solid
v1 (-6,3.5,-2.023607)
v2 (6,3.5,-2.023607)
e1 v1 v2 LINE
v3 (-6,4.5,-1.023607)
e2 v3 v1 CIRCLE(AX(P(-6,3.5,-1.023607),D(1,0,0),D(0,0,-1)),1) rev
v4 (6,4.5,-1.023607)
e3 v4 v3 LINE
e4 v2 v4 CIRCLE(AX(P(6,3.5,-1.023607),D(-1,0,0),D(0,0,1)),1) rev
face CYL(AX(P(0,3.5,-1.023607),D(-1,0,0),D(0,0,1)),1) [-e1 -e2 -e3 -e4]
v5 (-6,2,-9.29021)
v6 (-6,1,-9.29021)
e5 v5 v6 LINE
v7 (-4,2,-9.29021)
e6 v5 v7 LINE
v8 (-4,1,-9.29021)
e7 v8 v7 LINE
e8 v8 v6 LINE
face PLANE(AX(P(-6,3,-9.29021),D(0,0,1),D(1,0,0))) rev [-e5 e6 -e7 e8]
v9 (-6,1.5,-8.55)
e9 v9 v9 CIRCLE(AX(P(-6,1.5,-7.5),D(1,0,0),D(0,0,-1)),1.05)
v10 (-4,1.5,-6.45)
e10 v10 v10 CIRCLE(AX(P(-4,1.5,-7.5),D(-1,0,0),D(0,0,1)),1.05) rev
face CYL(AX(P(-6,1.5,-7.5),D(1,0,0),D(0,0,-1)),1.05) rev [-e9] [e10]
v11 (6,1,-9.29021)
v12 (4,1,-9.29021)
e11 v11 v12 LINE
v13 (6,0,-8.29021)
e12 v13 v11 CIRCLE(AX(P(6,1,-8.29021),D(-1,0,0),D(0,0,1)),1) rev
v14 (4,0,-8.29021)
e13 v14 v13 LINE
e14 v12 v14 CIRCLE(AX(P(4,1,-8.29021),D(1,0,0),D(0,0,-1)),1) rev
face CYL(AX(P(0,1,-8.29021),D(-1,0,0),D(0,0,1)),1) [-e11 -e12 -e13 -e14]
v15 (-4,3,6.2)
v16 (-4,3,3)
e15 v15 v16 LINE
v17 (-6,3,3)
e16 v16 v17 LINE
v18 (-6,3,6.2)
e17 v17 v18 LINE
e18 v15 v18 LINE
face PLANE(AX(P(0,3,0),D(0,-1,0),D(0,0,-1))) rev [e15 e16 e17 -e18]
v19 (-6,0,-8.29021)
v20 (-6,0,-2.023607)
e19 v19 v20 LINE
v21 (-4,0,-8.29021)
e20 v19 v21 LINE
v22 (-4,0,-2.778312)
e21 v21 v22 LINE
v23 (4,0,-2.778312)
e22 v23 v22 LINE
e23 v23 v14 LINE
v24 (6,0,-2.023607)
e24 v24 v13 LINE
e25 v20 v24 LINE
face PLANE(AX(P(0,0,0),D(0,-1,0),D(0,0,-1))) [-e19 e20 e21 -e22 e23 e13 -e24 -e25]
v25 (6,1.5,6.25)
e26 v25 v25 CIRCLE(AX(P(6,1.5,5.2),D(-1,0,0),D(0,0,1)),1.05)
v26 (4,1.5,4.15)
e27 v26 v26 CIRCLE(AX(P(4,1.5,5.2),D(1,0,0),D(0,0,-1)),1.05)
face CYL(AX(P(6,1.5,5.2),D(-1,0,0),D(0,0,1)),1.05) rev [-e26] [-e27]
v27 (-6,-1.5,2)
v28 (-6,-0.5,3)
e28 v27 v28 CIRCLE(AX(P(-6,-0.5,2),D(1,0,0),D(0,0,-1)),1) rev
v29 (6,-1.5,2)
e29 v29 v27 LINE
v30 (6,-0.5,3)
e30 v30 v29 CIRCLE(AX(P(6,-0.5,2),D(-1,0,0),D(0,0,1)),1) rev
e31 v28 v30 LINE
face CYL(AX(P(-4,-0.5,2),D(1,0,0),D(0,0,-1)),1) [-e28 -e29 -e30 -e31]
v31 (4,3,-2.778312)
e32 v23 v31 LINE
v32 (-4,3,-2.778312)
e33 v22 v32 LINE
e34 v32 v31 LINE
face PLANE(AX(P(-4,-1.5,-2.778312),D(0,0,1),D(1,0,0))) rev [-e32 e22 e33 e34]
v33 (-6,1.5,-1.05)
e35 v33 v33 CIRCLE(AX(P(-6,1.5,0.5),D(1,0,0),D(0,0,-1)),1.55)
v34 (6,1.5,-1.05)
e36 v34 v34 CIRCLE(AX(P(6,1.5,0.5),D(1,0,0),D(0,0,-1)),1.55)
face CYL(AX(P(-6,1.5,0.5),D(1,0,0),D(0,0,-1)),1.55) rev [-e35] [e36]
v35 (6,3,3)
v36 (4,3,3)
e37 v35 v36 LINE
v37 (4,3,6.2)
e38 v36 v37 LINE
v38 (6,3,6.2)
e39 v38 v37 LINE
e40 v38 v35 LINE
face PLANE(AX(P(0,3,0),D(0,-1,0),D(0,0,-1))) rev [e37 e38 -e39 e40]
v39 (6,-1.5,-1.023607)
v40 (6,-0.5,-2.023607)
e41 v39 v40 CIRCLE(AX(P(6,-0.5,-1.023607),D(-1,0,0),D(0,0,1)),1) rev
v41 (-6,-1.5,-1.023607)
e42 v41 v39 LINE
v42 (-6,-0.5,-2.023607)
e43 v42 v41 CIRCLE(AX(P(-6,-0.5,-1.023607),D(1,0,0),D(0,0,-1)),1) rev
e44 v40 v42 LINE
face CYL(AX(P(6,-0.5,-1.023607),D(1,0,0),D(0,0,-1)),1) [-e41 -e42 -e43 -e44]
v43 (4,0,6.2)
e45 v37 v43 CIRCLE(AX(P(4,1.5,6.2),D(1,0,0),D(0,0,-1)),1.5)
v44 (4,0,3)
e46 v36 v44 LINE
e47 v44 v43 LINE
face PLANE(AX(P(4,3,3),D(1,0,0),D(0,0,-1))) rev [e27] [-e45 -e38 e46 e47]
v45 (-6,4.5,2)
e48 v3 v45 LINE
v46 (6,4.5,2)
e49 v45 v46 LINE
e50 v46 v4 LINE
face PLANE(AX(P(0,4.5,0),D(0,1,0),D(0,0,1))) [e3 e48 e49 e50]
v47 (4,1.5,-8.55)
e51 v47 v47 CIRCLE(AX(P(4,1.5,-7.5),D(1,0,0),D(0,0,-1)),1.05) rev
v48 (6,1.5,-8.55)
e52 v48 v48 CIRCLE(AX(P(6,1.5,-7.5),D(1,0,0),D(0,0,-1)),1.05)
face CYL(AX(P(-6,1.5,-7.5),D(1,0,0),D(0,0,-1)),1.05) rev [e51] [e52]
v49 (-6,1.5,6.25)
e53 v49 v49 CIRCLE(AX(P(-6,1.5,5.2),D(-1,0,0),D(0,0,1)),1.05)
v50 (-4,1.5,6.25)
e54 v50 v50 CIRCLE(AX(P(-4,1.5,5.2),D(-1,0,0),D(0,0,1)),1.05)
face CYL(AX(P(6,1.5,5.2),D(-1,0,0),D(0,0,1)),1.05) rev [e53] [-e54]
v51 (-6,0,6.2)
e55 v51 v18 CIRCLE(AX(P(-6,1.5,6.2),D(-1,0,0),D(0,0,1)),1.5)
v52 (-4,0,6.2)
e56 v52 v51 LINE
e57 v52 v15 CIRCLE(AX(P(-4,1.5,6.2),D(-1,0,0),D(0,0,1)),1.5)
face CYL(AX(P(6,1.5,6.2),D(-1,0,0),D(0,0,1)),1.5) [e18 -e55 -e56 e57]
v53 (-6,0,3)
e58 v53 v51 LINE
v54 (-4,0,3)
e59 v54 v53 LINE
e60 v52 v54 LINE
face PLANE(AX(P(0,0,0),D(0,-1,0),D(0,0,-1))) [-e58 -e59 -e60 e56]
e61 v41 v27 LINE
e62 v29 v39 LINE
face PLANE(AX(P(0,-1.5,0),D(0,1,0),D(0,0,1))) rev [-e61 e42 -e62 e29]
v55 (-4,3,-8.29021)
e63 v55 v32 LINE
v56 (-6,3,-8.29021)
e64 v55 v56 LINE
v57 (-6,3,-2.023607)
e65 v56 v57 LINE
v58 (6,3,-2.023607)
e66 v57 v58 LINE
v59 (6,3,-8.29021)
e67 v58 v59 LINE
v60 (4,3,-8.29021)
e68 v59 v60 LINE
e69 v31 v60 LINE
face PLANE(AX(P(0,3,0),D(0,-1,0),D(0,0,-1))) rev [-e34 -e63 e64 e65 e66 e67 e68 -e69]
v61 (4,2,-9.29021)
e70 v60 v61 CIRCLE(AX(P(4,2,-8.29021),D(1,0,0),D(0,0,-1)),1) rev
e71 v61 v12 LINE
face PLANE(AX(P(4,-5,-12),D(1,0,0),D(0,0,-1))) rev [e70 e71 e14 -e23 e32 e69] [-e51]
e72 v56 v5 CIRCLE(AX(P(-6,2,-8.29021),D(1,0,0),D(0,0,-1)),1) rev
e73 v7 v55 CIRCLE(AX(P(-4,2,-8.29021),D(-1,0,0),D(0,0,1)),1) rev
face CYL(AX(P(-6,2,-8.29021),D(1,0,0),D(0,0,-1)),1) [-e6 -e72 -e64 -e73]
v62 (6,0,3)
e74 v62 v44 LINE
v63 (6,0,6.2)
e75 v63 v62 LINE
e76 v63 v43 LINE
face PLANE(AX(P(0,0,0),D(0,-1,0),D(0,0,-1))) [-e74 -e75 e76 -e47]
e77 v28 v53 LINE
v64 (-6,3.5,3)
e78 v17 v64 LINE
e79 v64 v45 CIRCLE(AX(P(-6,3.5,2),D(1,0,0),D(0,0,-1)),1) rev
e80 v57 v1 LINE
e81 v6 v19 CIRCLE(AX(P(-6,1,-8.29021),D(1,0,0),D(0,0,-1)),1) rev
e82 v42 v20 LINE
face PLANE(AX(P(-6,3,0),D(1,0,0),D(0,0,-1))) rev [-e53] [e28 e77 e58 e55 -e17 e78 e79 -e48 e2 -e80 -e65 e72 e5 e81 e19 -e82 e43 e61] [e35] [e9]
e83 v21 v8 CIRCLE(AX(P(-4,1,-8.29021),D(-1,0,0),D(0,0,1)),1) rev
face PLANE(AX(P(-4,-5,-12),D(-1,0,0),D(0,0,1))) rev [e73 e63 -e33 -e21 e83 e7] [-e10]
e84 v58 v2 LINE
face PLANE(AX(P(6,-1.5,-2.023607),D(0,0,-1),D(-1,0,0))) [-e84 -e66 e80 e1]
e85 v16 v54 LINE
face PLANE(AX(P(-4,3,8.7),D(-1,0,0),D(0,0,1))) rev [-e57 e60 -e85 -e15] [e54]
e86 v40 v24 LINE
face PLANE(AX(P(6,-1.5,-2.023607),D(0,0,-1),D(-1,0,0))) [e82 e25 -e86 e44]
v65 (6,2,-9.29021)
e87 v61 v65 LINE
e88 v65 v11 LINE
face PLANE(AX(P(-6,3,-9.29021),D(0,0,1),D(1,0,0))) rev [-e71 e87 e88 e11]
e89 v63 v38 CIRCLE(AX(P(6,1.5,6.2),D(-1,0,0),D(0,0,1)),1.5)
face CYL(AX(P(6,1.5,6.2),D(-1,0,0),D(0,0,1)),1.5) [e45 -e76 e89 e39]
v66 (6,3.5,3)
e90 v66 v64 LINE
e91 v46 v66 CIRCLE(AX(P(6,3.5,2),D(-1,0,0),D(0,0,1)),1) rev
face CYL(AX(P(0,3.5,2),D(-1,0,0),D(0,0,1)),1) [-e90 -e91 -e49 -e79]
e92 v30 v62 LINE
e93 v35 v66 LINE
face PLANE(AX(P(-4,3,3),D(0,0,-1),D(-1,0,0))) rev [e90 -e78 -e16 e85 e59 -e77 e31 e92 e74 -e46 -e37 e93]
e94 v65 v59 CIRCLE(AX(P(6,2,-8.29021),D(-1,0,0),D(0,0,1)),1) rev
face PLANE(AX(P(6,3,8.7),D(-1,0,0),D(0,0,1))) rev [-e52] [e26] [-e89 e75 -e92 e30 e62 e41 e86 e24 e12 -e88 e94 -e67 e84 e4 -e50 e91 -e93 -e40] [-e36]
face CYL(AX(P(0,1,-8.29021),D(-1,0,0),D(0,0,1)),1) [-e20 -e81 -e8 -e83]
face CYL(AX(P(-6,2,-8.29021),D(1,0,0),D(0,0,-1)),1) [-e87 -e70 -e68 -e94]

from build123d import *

# Parameters (mm, degrees)
EXTRUDE_1_DEPTH          = 3
SKETCH_2_OUTSIDE_W       = 13.724
SKETCH_2_OUTSIDE_H       = 8.024
CUT_EXTRUDE_1_DEPTH      = 12
SKETCH_3_R               = 1.05
CUT_EXTRUDE_2_DEPTH      = 12
SKETCH_4_R               = 0.95
EXTRUDE_2_DEPTH          = 4
EXTRUDE_3_DEPTH          = 8
SKETCH_6_R               = 1.05
CUT_EXTRUDE_3_DEPTH      = 12
SKETCH_8_W               = 8
SKETCH_8_H               = 7
CUT_EXTRUDE_4_DEPTH      = 8
EXTRUDE_5_DEPTH          = 2
SKETCH_12_W              = 8
SKETCH_12_H              = 3
EXTRUDE_8_DEPTH          = 4
SKETCH_14_W              = 12
SKETCH_14_H              = 3
EXTRUDE_9_DEPTH          = 5
SKETCH_16_R              = 0.6
CUT_EXTRUDE_5_DEPTH      = 4
SKETCH_15_R              = 0.85
CUT_EXTRUDE_6_DEPTH      = 4
EXTRUDE_START            = 1.5
SKETCH_18_W              = 12
SKETCH_18_H              = 5.023607379
EXTRUDE_11_DEPTH         = 6
SKETCH_19_R              = 1.55
CUT_EXTRUDE_7_DEPTH      = 19.553975315
FILLET_1_R               = 1
CUT_EXTRUDE_8_DEPTH      = 19.553975315
CUT_EXTRUDE_8_DEPTH_BACK = 19.553975315
SKETCH_11_R              = 1.05
CUT_EXTRUDE_9_DEPTH      = 19.553975315
FILLET_2_R               = 1
SKETCH_21_W              = 8
SKETCH_21_H              = 2.221688244
CUT_EXTRUDE_10_DEPTH     = 12.939765268


with BuildPart() as part:
    # 草图1 → 凸台-拉伸1 (new body)
    with BuildSketch(Plane(origin=(0, 0, 0), x_dir=(1, 0, 0), z_dir=(0, 1, 0))):
        Polygon((-6, 0), (6, 0), (6, -8.7), (4, -8.7), (4, -3), (-4, -3), (-4, -8.7), (-6, -8.7), align=None)
    extrude(amount=EXTRUDE_1_DEPTH)

    # 草图2 outside → 切除-拉伸1 (cut)
    with BuildSketch(Plane.ZY.offset(6)):
        with Locations((4.35, 1.5)):
            Rectangle(SKETCH_2_OUTSIDE_W, SKETCH_2_OUTSIDE_H)
        with BuildLine():
            Line((6.2, 3), (0, 3))
            Line((0, 3), (0, 0))
            Line((0, 0), (6.2, 0))
            ThreePointArc((6.2, 0), (7.7, 1.5), (6.2, 3))
        make_face(mode=Mode.SUBTRACT)
    extrude(amount=-CUT_EXTRUDE_1_DEPTH, mode=Mode.SUBTRACT)

    # 草图3 → 切除-拉伸2 (cut)
    with BuildSketch(Plane.ZY.offset(6)):
        with Locations((5.2, 1.5)):
            Circle(SKETCH_3_R)
    extrude(amount=-CUT_EXTRUDE_2_DEPTH, mode=Mode.SUBTRACT)

    # 草图4 → 凸台-拉伸2 (add)
    with BuildSketch(Plane(origin=(0, 0, 0), x_dir=(-1, 0, 0), z_dir=(0, 0, -1))):
        with Locations((0, 1.5)):
            Circle(SKETCH_4_R)
    extrude(amount=EXTRUDE_2_DEPTH)

    # 草图5 → 凸台-拉伸3 (add)
    with BuildSketch(Plane(origin=(0, 0, -4), x_dir=(-1, 0, 0), z_dir=(0, 0, -1))):
        Polygon((-5, 3), (-6, 3), (-6, 0), (-4, 0), (4, 0), (6, 0), (6, 3), (5, 3), align=None)
    extrude(amount=EXTRUDE_3_DEPTH)

    # 草图6 → 切除-拉伸3 (cut)
    with BuildSketch(Plane(origin=(6, 0, 0), x_dir=(0, 0, -1), z_dir=(1, 0, 0))):
        with Locations((7.5, 1.5)):
            Circle(SKETCH_6_R)
    extrude(amount=-CUT_EXTRUDE_3_DEPTH, mode=Mode.SUBTRACT)

    # 草图8 → 切除-拉伸4 (cut)
    with BuildSketch(Plane(origin=(0, 3, 0), x_dir=(1, 0, 0), z_dir=(0, 1, 0))):
        with Locations((0, 8.5)):
            Rectangle(SKETCH_8_W, SKETCH_8_H)
    extrude(amount=-CUT_EXTRUDE_4_DEPTH, mode=Mode.SUBTRACT)

    # 草图10 → 凸台-拉伸5 (add)
    with BuildSketch(Plane.ZY.offset(6)):
        with BuildLine():
            Line((-12, 3), (-12, 5.5))
            ThreePointArc((-12, 5.5), (-10, 7.5), (-8, 5.5))
            Line((-8, 5.5), (-8, 3))
            Line((-8, 3), (-12, 3))
        make_face()
    extrude_5 = extrude(amount=-EXTRUDE_5_DEPTH)

    # 镜向1: 凸台-拉伸5 across plane
    add(extrude_5.mirror(Plane(origin=(0, 0, 0), x_dir=(0, 0, 1), z_dir=(1, 0, 0))))

    # 草图12 → 凸台-拉伸8 (add)
    with BuildSketch(Plane.XY.offset(-4)):
        with Locations((0, 1.5)):
            Rectangle(SKETCH_12_W, SKETCH_12_H)
    extrude(amount=EXTRUDE_8_DEPTH)

    # 草图14 → 凸台-拉伸9 (add)
    with BuildSketch(Plane(origin=(0, 0, 0), x_dir=(-1, 0, 0), z_dir=(0, 0, -1))):
        with Locations((0, 1.5)):
            Rectangle(SKETCH_14_W, SKETCH_14_H)
    extrude(amount=EXTRUDE_9_DEPTH)

    # 草图16 → 切除-拉伸5 (cut)
    with BuildSketch(Plane.ZY.offset(6)):
        with Locations((1.2, 1.5)):
            Circle(SKETCH_16_R)
    extrude(amount=-CUT_EXTRUDE_5_DEPTH, mode=Mode.SUBTRACT)

    # 草图15 → 切除-拉伸6 (cut)
    with BuildSketch(Plane(origin=(6, 0, 0), x_dir=(0, 0, -1), z_dir=(1, 0, 0))):
        with Locations((-1.2, 1.5)):
            Circle(SKETCH_15_R)
    extrude(amount=-CUT_EXTRUDE_6_DEPTH, mode=Mode.SUBTRACT)

    # 草图18 → 凸台-拉伸11 (add)
    with BuildSketch(Plane(origin=(0, 3, 0), x_dir=(1, 0, 0), z_dir=(0, 1, 0)).offset(EXTRUDE_START)):
        with Locations((0, -0.488196311)):
            Rectangle(SKETCH_18_W, SKETCH_18_H)
    extrude(amount=-EXTRUDE_11_DEPTH)

    # 草图19 → 切除-拉伸7 (cut, through all)
    with BuildSketch(Plane(origin=(6, 0, 0), x_dir=(0, 0, -1), z_dir=(1, 0, 0))):
        with Locations((-0.5, 1.5)):
            Circle(SKETCH_19_R)
    extrude(amount=-CUT_EXTRUDE_7_DEPTH, mode=Mode.SUBTRACT)

    # 圆角1
    fillet_1_edges = [part.edges().sort_by_distance(p)[0] for p in [
        (0, -1.5, -2.023607379),
        (0, -1.5, 3),
        (0, 4.5, 3),
        (0, 4.5, -2.023607379),
    ]]
    fillet(fillet_1_edges, radius=FILLET_1_R)

    # 草图11 → 切除-拉伸8 (cut, two sides: drawn at the far end of the back side and taken through both)
    with BuildSketch(Plane.ZY.offset(6).offset(-CUT_EXTRUDE_8_DEPTH_BACK)):
        with Locations((-10, 5.5)):
            Circle(SKETCH_11_R)
    extrude(amount=CUT_EXTRUDE_8_DEPTH + CUT_EXTRUDE_8_DEPTH_BACK, mode=Mode.SUBTRACT)

    # 草图20 → 切除-拉伸9 (cut, through all)
    with BuildSketch(Plane(origin=(6, 0, 0), x_dir=(0, 0, -1), z_dir=(1, 0, 0))):
        Polygon((8, 3), (9.290209613, 3), (9.290209613, 0), (12, 0), (12, 7.886253168), (8, 7.886253168), align=None)
    extrude(amount=-CUT_EXTRUDE_9_DEPTH, mode=Mode.SUBTRACT)

    # 圆角2
    fillet_2_edges = [part.edges().sort_by_distance(p)[0] for p in [
        (5, 0, -9.290209613),
        (-5, 0, -9.290209613),
        (5, 3, -9.290209613),
        (-5, 3, -9.290209613),
    ]]
    fillet(fillet_2_edges, radius=FILLET_2_R)

    # 草图21 → 切除-拉伸10 (cut, through all)
    with BuildSketch(Plane(origin=(0, 3, 0), x_dir=(1, 0, 0), z_dir=(0, 1, 0))):
        with Locations((0, 3.889155878)):
            Rectangle(SKETCH_21_W, SKETCH_21_H)
    extrude(amount=-CUT_EXTRUDE_10_DEPTH, mode=Mode.SUBTRACT)


solid = part.part
